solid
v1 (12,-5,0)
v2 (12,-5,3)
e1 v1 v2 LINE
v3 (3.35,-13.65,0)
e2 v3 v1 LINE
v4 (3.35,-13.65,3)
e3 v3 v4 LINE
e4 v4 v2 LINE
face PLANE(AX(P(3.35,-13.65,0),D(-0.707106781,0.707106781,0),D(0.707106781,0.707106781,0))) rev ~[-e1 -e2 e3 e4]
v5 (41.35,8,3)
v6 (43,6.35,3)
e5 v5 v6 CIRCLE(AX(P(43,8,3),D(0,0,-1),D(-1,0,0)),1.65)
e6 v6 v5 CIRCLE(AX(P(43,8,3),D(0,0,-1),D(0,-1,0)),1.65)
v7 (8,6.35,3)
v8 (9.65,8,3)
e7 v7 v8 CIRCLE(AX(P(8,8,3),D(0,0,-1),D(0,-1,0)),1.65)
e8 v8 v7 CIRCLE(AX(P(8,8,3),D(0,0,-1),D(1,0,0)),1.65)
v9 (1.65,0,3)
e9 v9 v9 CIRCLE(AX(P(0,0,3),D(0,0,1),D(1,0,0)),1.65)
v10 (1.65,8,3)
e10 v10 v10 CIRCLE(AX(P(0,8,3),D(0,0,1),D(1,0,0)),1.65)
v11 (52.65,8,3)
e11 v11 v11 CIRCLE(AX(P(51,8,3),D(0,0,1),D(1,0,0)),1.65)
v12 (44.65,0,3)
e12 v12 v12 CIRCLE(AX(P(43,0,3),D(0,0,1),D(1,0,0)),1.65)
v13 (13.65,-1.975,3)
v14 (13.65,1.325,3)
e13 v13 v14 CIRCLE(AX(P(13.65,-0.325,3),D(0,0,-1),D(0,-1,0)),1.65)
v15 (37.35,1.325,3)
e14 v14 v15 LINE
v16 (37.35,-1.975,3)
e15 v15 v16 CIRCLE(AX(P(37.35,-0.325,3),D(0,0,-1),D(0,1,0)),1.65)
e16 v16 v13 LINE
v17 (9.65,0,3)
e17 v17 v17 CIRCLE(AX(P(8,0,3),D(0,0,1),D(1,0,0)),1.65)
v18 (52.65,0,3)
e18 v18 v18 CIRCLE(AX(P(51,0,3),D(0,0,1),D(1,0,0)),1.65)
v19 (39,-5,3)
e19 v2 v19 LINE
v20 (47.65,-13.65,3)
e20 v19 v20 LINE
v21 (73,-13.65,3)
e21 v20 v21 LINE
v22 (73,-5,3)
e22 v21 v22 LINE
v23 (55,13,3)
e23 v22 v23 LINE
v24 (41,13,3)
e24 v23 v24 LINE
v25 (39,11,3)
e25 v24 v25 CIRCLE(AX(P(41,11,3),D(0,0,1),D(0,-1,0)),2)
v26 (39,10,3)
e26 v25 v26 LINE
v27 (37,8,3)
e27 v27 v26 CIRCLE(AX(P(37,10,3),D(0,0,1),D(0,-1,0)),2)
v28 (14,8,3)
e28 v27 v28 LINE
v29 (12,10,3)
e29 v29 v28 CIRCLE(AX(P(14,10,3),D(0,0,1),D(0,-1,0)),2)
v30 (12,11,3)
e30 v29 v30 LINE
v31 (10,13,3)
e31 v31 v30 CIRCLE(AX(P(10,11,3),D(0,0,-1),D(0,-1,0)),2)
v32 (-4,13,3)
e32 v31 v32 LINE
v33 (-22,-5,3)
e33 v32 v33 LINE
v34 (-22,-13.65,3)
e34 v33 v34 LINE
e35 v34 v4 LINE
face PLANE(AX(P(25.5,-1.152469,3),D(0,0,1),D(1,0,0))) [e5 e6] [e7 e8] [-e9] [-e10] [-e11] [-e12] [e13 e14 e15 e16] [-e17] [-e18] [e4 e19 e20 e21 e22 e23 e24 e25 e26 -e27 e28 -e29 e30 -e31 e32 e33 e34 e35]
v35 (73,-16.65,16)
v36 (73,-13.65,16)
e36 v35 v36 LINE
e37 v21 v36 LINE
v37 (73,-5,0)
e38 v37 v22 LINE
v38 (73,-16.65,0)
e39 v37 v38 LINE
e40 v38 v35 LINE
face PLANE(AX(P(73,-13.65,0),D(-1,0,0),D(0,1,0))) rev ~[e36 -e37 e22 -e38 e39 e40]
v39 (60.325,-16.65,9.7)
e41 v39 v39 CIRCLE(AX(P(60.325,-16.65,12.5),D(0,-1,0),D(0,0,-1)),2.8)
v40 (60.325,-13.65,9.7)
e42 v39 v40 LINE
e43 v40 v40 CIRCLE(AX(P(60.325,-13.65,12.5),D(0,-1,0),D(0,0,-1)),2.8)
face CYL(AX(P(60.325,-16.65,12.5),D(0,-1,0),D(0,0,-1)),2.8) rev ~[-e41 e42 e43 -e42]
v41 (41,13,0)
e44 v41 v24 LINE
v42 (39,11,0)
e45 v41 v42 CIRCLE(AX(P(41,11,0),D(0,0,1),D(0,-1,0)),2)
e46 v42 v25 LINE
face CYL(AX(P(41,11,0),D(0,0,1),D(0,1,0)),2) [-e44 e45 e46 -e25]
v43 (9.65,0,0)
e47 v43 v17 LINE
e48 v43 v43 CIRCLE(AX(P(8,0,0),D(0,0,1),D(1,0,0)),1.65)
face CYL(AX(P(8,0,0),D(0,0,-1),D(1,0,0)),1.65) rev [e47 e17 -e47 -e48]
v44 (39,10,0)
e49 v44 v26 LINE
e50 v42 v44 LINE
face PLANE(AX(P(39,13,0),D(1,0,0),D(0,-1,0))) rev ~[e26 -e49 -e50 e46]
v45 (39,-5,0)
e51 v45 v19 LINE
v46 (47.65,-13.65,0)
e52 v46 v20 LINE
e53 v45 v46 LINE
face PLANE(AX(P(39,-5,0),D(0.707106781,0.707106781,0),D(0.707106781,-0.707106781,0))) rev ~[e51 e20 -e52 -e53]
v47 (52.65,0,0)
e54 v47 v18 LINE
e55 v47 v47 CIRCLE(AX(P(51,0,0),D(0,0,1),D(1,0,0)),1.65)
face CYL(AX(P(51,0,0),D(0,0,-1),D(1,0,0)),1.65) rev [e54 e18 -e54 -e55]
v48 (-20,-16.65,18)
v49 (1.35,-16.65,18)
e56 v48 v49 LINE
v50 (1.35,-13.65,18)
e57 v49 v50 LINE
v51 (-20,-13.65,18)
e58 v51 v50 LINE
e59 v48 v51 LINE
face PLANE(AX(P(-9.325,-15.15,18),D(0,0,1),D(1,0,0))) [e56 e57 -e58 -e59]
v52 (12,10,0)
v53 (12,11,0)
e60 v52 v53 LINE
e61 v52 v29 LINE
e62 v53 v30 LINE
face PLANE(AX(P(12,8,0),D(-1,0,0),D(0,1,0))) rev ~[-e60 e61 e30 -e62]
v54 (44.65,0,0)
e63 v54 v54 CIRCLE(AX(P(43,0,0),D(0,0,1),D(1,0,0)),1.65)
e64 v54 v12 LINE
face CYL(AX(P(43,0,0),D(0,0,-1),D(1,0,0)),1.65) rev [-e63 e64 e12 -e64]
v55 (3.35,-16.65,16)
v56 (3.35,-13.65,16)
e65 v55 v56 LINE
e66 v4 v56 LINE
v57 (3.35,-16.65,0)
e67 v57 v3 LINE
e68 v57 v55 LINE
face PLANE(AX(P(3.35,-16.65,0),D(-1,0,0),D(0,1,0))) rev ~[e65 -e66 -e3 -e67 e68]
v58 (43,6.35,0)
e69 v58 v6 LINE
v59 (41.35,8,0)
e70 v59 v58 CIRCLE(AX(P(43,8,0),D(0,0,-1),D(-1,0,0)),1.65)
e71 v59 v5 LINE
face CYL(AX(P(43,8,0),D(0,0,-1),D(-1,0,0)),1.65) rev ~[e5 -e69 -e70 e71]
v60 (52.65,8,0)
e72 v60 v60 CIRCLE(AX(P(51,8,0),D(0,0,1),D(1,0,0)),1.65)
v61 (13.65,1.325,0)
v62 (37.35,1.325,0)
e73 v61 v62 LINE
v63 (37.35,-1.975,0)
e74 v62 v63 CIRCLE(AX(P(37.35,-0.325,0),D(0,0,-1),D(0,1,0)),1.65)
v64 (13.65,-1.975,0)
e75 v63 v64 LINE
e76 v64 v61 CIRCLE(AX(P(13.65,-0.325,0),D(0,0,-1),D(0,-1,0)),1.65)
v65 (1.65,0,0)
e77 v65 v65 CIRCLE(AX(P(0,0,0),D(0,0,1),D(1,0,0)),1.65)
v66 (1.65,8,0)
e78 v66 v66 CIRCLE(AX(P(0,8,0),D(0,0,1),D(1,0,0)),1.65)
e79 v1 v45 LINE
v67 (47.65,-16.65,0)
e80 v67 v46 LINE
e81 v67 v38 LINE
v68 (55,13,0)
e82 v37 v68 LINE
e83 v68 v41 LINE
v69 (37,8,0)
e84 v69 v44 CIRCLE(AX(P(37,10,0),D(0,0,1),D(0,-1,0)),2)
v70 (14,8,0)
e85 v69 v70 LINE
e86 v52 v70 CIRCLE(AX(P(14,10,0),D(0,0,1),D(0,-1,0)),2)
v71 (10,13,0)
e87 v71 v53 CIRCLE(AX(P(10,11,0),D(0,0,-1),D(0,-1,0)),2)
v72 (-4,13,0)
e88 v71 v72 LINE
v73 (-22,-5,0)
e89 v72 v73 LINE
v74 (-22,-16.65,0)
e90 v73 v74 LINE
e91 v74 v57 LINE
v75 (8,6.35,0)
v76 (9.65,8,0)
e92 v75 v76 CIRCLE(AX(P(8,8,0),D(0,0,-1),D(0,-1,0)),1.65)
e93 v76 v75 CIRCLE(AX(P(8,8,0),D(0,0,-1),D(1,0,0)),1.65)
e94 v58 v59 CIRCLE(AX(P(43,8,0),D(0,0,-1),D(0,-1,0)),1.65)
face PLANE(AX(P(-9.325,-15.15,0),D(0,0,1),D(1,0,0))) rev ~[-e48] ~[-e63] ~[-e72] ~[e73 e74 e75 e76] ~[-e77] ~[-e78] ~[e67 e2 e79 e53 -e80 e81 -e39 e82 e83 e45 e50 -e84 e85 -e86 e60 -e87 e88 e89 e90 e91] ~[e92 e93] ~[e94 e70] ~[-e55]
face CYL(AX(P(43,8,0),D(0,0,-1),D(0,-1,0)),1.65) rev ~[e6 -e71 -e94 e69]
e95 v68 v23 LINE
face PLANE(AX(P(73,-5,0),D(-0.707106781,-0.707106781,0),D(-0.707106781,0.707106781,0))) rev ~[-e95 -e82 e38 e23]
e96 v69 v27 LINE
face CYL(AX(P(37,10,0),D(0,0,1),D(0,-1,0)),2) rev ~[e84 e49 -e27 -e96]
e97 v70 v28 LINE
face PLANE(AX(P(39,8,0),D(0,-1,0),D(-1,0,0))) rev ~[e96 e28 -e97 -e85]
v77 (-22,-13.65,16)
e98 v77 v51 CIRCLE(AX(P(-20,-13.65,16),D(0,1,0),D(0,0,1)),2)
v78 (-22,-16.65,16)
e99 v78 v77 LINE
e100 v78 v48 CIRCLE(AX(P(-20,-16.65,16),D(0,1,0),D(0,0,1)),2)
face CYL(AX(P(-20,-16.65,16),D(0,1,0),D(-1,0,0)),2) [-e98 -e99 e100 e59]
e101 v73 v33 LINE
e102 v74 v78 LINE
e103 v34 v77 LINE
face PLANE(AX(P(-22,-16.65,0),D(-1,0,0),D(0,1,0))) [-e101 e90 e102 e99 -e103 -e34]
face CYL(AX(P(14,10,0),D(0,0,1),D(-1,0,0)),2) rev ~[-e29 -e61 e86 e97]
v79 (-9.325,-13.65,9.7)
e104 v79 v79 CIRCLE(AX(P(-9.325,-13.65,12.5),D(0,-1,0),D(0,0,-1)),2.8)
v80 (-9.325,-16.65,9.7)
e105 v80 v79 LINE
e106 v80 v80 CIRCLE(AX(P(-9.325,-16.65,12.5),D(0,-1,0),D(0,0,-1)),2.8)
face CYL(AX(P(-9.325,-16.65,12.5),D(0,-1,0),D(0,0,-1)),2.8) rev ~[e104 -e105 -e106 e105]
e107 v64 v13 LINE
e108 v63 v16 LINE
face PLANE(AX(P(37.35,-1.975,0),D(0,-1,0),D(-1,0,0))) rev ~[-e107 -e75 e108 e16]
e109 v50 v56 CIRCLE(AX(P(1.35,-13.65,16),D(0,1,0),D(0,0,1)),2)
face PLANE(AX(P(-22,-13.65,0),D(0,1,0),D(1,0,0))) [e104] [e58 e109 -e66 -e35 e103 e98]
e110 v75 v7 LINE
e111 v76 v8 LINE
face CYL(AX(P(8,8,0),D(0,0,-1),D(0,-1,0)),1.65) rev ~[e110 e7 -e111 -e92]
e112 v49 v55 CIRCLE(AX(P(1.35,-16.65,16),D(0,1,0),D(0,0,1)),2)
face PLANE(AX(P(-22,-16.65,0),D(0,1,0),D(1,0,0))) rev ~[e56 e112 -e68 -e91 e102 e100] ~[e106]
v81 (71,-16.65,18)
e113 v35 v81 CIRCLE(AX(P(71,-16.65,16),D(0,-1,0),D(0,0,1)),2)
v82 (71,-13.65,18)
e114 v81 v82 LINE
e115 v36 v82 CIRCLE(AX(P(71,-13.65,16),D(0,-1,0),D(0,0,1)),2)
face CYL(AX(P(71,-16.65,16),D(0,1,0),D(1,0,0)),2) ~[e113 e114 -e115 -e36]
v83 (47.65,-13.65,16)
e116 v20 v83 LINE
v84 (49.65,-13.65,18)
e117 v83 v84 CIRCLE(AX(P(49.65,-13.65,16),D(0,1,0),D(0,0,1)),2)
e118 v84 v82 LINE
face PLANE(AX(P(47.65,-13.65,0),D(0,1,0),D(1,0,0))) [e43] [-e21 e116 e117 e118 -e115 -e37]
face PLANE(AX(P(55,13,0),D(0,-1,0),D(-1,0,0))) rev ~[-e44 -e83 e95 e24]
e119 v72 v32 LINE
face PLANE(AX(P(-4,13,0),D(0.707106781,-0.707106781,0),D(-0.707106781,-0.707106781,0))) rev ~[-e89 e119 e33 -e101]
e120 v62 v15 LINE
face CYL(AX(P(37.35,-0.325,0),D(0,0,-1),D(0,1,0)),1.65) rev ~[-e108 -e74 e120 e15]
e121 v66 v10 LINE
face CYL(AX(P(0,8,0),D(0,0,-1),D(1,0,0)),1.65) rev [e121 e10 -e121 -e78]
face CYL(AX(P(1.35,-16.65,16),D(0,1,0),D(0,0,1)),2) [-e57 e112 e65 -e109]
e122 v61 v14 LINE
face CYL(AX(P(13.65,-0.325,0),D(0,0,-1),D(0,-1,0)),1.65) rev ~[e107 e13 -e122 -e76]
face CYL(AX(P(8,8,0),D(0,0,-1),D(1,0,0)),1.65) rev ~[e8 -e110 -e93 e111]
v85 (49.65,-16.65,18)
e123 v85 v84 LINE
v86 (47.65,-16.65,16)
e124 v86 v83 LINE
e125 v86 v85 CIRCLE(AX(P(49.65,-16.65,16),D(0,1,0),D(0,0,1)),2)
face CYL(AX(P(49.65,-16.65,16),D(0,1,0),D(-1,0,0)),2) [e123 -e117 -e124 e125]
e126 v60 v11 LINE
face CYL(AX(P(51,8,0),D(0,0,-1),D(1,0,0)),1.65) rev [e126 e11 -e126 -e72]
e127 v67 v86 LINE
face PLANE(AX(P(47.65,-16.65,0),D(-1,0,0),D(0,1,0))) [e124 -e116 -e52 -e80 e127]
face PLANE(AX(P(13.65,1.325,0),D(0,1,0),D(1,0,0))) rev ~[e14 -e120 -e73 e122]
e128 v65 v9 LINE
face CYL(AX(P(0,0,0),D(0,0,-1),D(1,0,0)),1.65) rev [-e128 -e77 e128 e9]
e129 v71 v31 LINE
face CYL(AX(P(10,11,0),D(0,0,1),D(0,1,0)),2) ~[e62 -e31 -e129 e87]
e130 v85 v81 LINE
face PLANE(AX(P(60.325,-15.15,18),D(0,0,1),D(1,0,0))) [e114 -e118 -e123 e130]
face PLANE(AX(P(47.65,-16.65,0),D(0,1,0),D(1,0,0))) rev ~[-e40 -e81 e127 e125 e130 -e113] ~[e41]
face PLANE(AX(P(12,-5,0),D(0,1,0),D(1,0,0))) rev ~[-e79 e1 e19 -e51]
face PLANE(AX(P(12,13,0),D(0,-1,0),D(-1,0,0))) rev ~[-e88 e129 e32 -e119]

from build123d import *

# Parameters (mm, degrees)
SKETCH_1_R          = 1.65
EXTRUDE_1_DEPTH     = 3
SKETCH_4_W          = 25.35
SKETCH_4_H          = 3
EXTRUDE_3_DEPTH     = 18
SKETCH_5_R          = 2.8
CUT_EXTRUDE_2_DEPTH = 18
FILLET_2_R          = 2


with BuildPart() as part:
    # 草图1 → 凸台-拉伸1 (new body)
    with BuildSketch(Plane.XY):
        Polygon((3.35, -13.65), (12, -5), (39, -5), (47.65, -13.65), (73, -13.65), (73, -5), (55, 13), (39, 13), (39, 8), (12, 8), (12, 13), (-4, 13), (-22, -5), (-22, -13.65), align=None)
        Circle(SKETCH_1_R, mode=Mode.SUBTRACT)
        with Locations((8, 0)):
            Circle(SKETCH_1_R, mode=Mode.SUBTRACT)
        with BuildLine():
            ThreePointArc((13.65, -1.975), (12, -0.325), (13.65, 1.325))
            Line((13.65, 1.325), (37.35, 1.325))
            ThreePointArc((37.35, 1.325), (39, -0.325), (37.35, -1.975))
            Line((37.35, -1.975), (13.65, -1.975))
        make_face(mode=Mode.SUBTRACT)
        with Locations((43, 0)):
            Circle(SKETCH_1_R, mode=Mode.SUBTRACT)
        with Locations((51, 0)):
            Circle(SKETCH_1_R, mode=Mode.SUBTRACT)
        with Locations((0, 8)):
            Circle(SKETCH_1_R, mode=Mode.SUBTRACT)
        with BuildLine():
            ThreePointArc((8, 6.35), (6.833273811, 9.166726189), (9.65, 8))
            ThreePointArc((9.65, 8), (9.166726189, 6.833273811), (8, 6.35))
        make_face(mode=Mode.SUBTRACT)
        with BuildLine():
            ThreePointArc((43, 6.35), (41.833273811, 6.833273811), (41.35, 8))
            ThreePointArc((41.35, 8), (44.166726189, 9.166726189), (43, 6.35))
        make_face(mode=Mode.SUBTRACT)
        with Locations((51, 8)):
            Circle(SKETCH_1_R, mode=Mode.SUBTRACT)
    extrude(amount=EXTRUDE_1_DEPTH)

    # 草图4 → 凸台-拉伸3 (add)
    with BuildSketch(Plane.XY):
        with Locations((-9.325, -15.15)):
            Rectangle(SKETCH_4_W, SKETCH_4_H)
        with Locations((60.325, -15.15)):
            Rectangle(SKETCH_4_W, SKETCH_4_H)
    extrude(amount=EXTRUDE_3_DEPTH)

    # 草图5 → 切除-拉伸2 (cut)
    with BuildSketch(Plane.XZ.offset(16.65)):
        with Locations(Location((60.325, 12.5, 0), (0, 0, 270))):
            Circle(SKETCH_5_R)
        with Locations(Location((-9.325, 12.5, 0), (0, 0, 270))):
            Circle(SKETCH_5_R)
    extrude(amount=-CUT_EXTRUDE_2_DEPTH, mode=Mode.SUBTRACT)

    # 圆角2
    fillet_2_edges = [part.edges().sort_by_distance(p)[0] for p in [
        (39, 13, 1.5),
        (12, 13, 1.5),
        (12, 8, 1.5),
        (39, 8, 1.5),
        (-22, -15.15, 18),
        (3.35, -15.15, 18),
        (47.65, -15.15, 18),
        (73, -15.15, 18),
    ]]
    fillet(fillet_2_edges, radius=FILLET_2_R)


solid = part.part
